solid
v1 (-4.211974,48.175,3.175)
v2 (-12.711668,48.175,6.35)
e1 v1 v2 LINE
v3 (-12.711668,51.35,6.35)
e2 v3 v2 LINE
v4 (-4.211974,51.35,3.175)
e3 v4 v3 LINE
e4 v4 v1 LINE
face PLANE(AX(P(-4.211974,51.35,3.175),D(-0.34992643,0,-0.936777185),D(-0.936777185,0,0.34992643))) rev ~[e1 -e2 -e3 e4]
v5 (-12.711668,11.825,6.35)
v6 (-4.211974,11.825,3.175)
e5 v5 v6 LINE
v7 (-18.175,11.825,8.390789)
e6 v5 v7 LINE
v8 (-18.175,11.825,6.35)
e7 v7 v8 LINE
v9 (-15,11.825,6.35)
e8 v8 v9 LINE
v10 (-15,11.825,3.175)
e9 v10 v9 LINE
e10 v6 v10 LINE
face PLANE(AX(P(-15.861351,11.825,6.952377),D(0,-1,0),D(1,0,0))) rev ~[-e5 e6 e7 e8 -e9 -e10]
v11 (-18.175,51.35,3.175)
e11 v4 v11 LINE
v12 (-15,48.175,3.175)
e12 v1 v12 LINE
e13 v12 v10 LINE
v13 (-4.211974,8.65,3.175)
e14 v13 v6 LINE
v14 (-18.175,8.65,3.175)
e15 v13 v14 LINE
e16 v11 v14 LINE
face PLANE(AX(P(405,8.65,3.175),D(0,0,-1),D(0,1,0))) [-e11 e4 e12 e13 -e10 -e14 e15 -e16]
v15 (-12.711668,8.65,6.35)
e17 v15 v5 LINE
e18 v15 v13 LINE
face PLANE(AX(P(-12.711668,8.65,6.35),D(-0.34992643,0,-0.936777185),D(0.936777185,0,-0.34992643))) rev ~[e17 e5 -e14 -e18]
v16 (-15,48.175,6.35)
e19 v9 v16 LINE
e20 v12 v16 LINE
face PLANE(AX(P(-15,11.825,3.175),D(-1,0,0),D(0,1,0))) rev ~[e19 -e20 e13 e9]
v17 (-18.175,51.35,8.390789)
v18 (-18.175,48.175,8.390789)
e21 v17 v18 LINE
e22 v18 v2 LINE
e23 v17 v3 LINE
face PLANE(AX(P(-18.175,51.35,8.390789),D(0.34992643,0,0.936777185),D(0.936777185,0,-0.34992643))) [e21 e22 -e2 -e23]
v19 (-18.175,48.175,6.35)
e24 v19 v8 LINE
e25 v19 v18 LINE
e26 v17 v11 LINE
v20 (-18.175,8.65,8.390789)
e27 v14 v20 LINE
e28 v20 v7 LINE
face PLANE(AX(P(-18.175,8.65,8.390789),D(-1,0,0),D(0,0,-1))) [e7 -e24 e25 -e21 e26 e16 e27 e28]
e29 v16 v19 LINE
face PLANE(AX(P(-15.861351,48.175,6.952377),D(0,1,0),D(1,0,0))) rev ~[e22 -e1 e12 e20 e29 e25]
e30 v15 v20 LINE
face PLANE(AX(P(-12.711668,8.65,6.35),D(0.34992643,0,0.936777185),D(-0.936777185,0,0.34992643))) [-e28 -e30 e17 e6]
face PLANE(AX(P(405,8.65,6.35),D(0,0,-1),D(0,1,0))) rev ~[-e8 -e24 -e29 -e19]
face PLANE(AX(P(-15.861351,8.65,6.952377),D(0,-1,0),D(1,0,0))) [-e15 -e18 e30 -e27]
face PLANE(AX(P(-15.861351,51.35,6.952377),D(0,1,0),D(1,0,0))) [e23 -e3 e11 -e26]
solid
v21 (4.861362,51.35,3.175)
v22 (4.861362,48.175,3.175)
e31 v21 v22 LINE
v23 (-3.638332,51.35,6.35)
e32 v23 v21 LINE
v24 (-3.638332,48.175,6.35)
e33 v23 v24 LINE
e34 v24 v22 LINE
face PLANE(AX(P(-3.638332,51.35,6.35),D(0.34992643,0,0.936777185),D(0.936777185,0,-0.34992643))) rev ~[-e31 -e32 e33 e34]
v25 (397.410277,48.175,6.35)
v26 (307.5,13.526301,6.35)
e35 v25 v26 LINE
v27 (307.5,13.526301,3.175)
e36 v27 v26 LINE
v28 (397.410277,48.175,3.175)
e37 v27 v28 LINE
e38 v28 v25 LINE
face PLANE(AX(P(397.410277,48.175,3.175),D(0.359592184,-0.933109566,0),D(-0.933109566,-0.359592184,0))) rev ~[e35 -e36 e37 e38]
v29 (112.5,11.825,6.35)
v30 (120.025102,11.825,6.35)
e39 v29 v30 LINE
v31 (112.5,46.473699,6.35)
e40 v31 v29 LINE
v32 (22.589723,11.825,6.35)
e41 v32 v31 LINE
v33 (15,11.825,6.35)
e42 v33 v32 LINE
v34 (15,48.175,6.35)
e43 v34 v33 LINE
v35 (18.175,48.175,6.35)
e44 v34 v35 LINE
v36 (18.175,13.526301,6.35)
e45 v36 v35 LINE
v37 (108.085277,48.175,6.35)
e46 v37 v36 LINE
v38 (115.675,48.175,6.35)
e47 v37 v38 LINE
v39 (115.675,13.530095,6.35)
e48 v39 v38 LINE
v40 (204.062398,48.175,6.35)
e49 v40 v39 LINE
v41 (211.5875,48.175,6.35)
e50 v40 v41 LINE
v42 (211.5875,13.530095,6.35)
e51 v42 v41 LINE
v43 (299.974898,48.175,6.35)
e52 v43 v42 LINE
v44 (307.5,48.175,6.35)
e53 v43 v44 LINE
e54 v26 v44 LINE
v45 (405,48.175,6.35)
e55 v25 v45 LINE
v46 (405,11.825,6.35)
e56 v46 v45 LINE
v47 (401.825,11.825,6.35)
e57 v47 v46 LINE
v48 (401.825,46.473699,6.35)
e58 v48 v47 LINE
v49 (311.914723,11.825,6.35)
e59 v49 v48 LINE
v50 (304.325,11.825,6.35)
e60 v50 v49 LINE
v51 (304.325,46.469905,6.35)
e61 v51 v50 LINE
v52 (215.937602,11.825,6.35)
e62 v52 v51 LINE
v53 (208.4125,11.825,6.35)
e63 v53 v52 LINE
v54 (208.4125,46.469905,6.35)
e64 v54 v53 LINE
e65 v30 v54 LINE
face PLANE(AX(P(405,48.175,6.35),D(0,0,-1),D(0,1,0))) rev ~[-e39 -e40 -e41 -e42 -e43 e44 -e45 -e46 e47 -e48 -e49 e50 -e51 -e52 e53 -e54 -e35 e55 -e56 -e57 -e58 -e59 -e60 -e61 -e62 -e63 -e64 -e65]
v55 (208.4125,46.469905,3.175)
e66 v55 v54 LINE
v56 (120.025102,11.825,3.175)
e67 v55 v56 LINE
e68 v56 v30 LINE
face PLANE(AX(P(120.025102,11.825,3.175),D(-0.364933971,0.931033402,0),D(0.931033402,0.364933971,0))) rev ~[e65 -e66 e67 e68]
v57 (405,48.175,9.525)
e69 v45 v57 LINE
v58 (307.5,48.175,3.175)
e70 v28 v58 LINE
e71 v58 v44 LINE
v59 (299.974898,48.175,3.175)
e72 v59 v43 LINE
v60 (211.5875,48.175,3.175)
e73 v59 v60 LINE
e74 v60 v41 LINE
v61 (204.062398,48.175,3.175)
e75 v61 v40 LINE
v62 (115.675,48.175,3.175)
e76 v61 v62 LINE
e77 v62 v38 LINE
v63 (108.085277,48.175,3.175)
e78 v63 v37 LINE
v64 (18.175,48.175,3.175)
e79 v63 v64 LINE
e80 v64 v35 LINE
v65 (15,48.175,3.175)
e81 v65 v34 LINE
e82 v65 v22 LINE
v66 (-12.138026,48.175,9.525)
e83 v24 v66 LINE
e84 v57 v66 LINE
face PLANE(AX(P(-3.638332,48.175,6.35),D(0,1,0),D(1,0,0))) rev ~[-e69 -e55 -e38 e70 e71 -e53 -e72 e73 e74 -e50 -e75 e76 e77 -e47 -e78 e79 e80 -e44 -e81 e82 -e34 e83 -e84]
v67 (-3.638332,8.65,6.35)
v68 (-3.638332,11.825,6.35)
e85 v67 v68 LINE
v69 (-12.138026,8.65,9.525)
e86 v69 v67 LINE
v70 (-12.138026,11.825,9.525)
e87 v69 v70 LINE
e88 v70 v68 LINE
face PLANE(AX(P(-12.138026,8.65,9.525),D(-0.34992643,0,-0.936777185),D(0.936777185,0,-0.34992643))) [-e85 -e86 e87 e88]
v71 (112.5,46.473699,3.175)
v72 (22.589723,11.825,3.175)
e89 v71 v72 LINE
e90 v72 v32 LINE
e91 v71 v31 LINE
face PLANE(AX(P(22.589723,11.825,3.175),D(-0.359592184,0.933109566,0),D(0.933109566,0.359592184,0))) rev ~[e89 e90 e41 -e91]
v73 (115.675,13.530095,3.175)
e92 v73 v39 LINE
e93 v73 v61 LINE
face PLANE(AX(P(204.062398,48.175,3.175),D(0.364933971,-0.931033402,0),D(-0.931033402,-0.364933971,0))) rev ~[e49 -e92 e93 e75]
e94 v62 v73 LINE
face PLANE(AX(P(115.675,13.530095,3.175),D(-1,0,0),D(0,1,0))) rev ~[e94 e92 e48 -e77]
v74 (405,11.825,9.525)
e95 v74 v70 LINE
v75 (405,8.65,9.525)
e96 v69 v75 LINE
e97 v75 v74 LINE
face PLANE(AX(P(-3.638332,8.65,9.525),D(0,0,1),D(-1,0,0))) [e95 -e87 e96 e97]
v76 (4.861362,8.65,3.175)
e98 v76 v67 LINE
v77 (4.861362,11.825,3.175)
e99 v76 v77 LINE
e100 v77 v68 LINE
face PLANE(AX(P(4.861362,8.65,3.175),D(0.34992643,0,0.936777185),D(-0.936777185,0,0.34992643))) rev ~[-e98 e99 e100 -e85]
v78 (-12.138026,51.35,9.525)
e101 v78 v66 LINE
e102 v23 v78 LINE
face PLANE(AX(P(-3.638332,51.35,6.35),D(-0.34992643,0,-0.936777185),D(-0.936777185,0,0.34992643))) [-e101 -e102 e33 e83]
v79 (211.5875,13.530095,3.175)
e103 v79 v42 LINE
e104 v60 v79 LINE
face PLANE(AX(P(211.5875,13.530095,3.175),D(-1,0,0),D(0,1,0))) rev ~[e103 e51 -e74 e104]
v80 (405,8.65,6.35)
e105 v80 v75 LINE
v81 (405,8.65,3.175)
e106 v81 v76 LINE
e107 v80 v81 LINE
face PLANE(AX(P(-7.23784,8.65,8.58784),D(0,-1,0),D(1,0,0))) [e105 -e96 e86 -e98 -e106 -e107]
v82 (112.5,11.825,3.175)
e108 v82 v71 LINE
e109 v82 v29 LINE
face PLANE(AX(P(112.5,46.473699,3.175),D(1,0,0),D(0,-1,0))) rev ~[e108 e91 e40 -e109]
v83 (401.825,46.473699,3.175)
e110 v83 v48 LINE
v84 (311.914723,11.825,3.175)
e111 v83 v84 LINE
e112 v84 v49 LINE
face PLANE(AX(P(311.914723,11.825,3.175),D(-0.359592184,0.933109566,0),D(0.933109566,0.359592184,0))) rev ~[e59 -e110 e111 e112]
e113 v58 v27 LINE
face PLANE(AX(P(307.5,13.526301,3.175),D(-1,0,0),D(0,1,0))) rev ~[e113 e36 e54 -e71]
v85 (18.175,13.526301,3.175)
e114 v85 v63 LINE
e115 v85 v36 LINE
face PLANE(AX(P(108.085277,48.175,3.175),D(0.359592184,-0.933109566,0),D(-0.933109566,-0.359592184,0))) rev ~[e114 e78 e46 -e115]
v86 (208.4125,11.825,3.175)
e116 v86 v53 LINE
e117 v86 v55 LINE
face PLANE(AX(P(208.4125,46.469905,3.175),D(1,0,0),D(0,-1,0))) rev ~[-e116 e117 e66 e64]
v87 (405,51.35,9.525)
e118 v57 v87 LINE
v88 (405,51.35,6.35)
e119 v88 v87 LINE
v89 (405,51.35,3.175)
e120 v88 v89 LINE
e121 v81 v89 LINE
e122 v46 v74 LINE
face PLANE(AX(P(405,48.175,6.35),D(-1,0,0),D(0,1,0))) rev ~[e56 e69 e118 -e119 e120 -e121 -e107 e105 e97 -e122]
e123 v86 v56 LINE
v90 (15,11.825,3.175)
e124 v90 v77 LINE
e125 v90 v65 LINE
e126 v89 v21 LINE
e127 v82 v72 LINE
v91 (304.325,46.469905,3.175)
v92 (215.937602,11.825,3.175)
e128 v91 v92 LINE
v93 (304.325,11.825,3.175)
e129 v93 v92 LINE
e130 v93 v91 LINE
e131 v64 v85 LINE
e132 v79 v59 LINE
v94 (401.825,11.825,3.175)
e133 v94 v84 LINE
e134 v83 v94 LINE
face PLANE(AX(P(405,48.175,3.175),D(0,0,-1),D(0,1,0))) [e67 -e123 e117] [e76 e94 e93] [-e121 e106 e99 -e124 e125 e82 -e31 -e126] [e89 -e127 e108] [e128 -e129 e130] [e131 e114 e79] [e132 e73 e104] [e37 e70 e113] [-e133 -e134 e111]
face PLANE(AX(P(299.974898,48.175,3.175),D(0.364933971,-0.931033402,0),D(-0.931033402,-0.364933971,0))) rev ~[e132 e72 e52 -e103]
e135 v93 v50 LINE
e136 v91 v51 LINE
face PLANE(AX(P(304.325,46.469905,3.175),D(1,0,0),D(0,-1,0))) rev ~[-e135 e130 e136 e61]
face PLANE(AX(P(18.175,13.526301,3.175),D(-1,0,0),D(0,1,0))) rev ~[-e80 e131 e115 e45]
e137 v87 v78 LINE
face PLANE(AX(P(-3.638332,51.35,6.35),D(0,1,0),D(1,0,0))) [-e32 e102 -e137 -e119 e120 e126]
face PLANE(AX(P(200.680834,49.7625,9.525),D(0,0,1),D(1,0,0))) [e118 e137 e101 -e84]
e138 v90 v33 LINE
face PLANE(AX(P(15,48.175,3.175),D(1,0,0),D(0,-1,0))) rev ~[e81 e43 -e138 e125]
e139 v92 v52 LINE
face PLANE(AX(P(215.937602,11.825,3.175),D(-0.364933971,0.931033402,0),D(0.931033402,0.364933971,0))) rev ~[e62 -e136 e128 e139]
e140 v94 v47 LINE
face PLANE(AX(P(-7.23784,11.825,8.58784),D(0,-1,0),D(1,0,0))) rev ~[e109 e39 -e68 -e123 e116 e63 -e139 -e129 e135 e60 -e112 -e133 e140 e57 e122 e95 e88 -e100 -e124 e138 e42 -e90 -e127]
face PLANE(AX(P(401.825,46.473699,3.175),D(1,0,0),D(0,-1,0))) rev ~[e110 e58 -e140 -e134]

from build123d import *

# Parameters (mm, degrees)
BOSS_EXTRUDE1_DEPTH   = 3.175
BOSS_EXTRUDE1_2_DEPTH = 3.175
SKETCH2_W             = 3.175
SKETCH2_H             = 36.35
BOSS_EXTRUDE2_DEPTH   = 3.175
SKETCH3_W             = 3.175
SKETCH3_H             = 3.175
BOSS_EXTRUDE8_DEPTH   = 423.175
BOSS_EXTRUDE8_2_DEPTH = 423.175
SKETCH4_W             = 3.175
SKETCH4_H             = 36.35
CUT_EXTRUDE1_DEPTH    = 427.326430831
CUT_EXTRUDE7_DEPTH    = 3.175
CUT_EXTRUDE8_DEPTH    = 3.175
SKETCH10_W            = 408.638332101
SKETCH10_H            = 3.175
BOSS_EXTRUDE9_DEPTH   = 3.175
BOSS_EXTRUDE10_DEPTH  = 3.175
BOSS_EXTRUDE11_DEPTH  = 3.175


with BuildPart() as part:
    # Sketch1 → Boss-Extrude1 (new body)
    with BuildSketch(Plane.XY):
        Polygon((15, 45), (405, 45), (405, 48.175), (18.175, 48.175), (-18.175, 48.175), (-18.175, 45), (-15, 45), align=None)
    extrude(amount=BOSS_EXTRUDE1_DEPTH)



with BuildPart() as body_2:
    # Sketch1 → Boss-Extrude1 2 (new body)
    with BuildSketch(Plane.XY):
        Polygon((-18.175, 15), (-15, 15), (15, 15), (405, 15), (405, 11.825), (18.175, 11.825), (-18.175, 11.825), align=None)
    extrude(amount=BOSS_EXTRUDE1_2_DEPTH)


with BuildPart() as part_1:
    add(part.part)

    add(body_2.part)  # Boss-Extrude2 merges body 2
    # Sketch2 → Boss-Extrude2 (add)
    with BuildSketch(Plane.XY.offset(3.175)):
        with Locations((-16.5875, 30)):
            Rectangle(SKETCH2_W, SKETCH2_H)
        Polygon((15, 11.825), (22.589723325, 11.825), (112.5, 46.473699254), (112.5, 12.285600704), (112.5, 11.825), (120.025102002, 11.825), (208.4125, 46.469905429), (208.4125, 11.825), (215.937602002, 11.825), (304.325, 46.469905429), (304.325, 11.825), (311.914723325, 11.825), (401.825, 46.473699254), (401.825, 11.825), (405, 11.825), (405, 48.175), (397.410276675, 48.175), (307.5, 13.526300746), (307.5, 48.175), (299.974897998, 48.175), (211.5875, 13.530094571), (211.5875, 48.175), (204.062397998, 48.175), (115.675, 13.530094571), (115.675, 48.175), (108.085276675, 48.175), (18.175, 13.526300746), (18.175, 48.175), (15, 48.175), align=None)
    extrude(amount=BOSS_EXTRUDE2_DEPTH)

    # Sketch4 → Cut-Extrude1 (cut, through all)
    with BuildSketch(Plane(origin=(405, 0, 0), x_dir=(0, 0, -1), z_dir=(1, 0, 0))):
        with Locations((-1.5875, 30)):
            Rectangle(SKETCH4_W, SKETCH4_H)
    extrude(amount=-CUT_EXTRUDE1_DEPTH, mode=Mode.SUBTRACT)


with BuildPart() as body_2_2:
    # Sketch3 → Boss-Extrude8 (new body)
    with BuildSketch(Plane(origin=(405, 0, 0), x_dir=(0, 0, -1), z_dir=(1, 0, 0))):
        with Locations((-4.7625, 49.7625)):
            Rectangle(SKETCH3_W, SKETCH3_H)
    extrude(amount=-BOSS_EXTRUDE8_DEPTH)

    # Sketch9 → Cut-Extrude8 (cut)
    with BuildSketch(Plane(origin=(0, 51.35, 0), x_dir=(1, 0, 0), z_dir=(0, 1, 0))):
        Polygon((-3.638332101, -6.35), (4.861361865, -3.175), (-4.211973934, -3.175), (-12.711667899, -6.35), align=None)
    extrude(amount=-CUT_EXTRUDE8_DEPTH, mode=Mode.SUBTRACT)


with BuildPart() as body_3:
    # Sketch3 → Boss-Extrude8 2 (new body)
    with BuildSketch(Plane(origin=(405, 0, 0), x_dir=(0, 0, -1), z_dir=(1, 0, 0))):
        with Locations((-4.7625, 10.2375)):
            Rectangle(SKETCH3_W, SKETCH3_H)
    extrude(amount=-BOSS_EXTRUDE8_2_DEPTH)

    # Sketch5 → Cut-Extrude7 (cut)
    with BuildSketch(Plane.XZ.offset(-8.65)):
        Polygon((-4.211973934, 3.175), (4.861361865, 3.175), (-3.638332101, 6.35), (-12.711667899, 6.35), align=None)
    extrude(amount=-CUT_EXTRUDE7_DEPTH, mode=Mode.SUBTRACT)


with BuildPart() as cut_extrude1_piece_1:
    # of the separate pieces the step leaves, piece 1, a body of its own (cut_extrude1_pieces)
    add(part_1.part.solids().sort_by_distance((401.825, 11.825, 3.175))[0])



with BuildPart() as cut_extrude1_piece_2:
    # of the separate pieces the step leaves, piece 2, a body of its own (cut_extrude1_pieces)
    add(part_1.part.solids().sort_by_distance((-15, 48.175, 3.175))[0])


with BuildPart() as cut_extrude7_piece_1:
    # of the separate pieces the step leaves, piece 1, a body of its own (cut_extrude7_pieces)
    add(body_3.part.solids().sort_by_distance((405, 11.825, 3.175))[0])


with BuildPart() as cut_extrude7_piece_2:
    # of the separate pieces the step leaves, piece 2, a body of its own (cut_extrude7_pieces)
    add(body_3.part.solids().sort_by_distance((-12.711667899, 11.825, 6.35))[0])


with BuildPart() as cut_extrude8_piece_1:
    # of the separate pieces the step leaves, piece 1, a body of its own (cut_extrude8_pieces)
    add(body_2_2.part.solids().sort_by_distance((405, 51.35, 6.35))[0])


with BuildPart() as cut_extrude8_piece_2:
    # of the separate pieces the step leaves, piece 2, a body of its own (cut_extrude8_pieces)
    add(body_2_2.part.solids().sort_by_distance((-12.711667899, 51.35, 6.35))[0])


with BuildPart() as cut_extrude1_piece_1_1:
    add(cut_extrude1_piece_1.part)

    add(cut_extrude7_piece_1.part)  # Boss-Extrude9 merges Cut-Extrude7 piece 1

    add(cut_extrude8_piece_1.part)  # Boss-Extrude9 merges Cut-Extrude8 piece 1
    # Sketch10 → Boss-Extrude9 (add)
    with BuildSketch(Plane.XY.offset(6.35)):
        with Locations((200.680833949, 49.7625)):
            Rectangle(SKETCH10_W, SKETCH10_H)
        with Locations((200.680833949, 10.2375)):
            Rectangle(SKETCH10_W, SKETCH10_H)
    extrude(amount=BOSS_EXTRUDE9_DEPTH)


    add(cut_extrude1_piece_2.part)  # Boss-Extrude10 merges Cut-Extrude1 piece 2

    add(cut_extrude8_piece_2.part)  # Boss-Extrude10 merges Cut-Extrude8 piece 2
    # Sketch11 → Boss-Extrude10 (add)
    with BuildSketch(Plane(origin=(0, 51.35, 0), x_dir=(1, 0, 0), z_dir=(0, 1, 0))):
        Polygon((-18.175, -8.390788703), (-12.711667899, -6.35), (-18.175, -6.35), align=None)
        Polygon((405, -6.35), (-3.638332101, -6.35), (-12.138026066, -9.525), (405, -9.525), align=None)
    extrude(amount=-BOSS_EXTRUDE10_DEPTH)


    add(cut_extrude7_piece_2.part)  # Boss-Extrude11 merges Cut-Extrude7 piece 2
    # Sketch12 → Boss-Extrude11 (add)
    with BuildSketch(Plane.XZ.offset(-8.65)):
        Polygon((-3.638332101, 9.525), (-12.138026066, 9.525), (-3.638332101, 6.35), align=None)
        Polygon((-12.711667899, 6.35), (-18.175, 8.390788703), (-18.175, 6.35), align=None)
    extrude(amount=-BOSS_EXTRUDE11_DEPTH)


solid = cut_extrude1_piece_1_1.part
